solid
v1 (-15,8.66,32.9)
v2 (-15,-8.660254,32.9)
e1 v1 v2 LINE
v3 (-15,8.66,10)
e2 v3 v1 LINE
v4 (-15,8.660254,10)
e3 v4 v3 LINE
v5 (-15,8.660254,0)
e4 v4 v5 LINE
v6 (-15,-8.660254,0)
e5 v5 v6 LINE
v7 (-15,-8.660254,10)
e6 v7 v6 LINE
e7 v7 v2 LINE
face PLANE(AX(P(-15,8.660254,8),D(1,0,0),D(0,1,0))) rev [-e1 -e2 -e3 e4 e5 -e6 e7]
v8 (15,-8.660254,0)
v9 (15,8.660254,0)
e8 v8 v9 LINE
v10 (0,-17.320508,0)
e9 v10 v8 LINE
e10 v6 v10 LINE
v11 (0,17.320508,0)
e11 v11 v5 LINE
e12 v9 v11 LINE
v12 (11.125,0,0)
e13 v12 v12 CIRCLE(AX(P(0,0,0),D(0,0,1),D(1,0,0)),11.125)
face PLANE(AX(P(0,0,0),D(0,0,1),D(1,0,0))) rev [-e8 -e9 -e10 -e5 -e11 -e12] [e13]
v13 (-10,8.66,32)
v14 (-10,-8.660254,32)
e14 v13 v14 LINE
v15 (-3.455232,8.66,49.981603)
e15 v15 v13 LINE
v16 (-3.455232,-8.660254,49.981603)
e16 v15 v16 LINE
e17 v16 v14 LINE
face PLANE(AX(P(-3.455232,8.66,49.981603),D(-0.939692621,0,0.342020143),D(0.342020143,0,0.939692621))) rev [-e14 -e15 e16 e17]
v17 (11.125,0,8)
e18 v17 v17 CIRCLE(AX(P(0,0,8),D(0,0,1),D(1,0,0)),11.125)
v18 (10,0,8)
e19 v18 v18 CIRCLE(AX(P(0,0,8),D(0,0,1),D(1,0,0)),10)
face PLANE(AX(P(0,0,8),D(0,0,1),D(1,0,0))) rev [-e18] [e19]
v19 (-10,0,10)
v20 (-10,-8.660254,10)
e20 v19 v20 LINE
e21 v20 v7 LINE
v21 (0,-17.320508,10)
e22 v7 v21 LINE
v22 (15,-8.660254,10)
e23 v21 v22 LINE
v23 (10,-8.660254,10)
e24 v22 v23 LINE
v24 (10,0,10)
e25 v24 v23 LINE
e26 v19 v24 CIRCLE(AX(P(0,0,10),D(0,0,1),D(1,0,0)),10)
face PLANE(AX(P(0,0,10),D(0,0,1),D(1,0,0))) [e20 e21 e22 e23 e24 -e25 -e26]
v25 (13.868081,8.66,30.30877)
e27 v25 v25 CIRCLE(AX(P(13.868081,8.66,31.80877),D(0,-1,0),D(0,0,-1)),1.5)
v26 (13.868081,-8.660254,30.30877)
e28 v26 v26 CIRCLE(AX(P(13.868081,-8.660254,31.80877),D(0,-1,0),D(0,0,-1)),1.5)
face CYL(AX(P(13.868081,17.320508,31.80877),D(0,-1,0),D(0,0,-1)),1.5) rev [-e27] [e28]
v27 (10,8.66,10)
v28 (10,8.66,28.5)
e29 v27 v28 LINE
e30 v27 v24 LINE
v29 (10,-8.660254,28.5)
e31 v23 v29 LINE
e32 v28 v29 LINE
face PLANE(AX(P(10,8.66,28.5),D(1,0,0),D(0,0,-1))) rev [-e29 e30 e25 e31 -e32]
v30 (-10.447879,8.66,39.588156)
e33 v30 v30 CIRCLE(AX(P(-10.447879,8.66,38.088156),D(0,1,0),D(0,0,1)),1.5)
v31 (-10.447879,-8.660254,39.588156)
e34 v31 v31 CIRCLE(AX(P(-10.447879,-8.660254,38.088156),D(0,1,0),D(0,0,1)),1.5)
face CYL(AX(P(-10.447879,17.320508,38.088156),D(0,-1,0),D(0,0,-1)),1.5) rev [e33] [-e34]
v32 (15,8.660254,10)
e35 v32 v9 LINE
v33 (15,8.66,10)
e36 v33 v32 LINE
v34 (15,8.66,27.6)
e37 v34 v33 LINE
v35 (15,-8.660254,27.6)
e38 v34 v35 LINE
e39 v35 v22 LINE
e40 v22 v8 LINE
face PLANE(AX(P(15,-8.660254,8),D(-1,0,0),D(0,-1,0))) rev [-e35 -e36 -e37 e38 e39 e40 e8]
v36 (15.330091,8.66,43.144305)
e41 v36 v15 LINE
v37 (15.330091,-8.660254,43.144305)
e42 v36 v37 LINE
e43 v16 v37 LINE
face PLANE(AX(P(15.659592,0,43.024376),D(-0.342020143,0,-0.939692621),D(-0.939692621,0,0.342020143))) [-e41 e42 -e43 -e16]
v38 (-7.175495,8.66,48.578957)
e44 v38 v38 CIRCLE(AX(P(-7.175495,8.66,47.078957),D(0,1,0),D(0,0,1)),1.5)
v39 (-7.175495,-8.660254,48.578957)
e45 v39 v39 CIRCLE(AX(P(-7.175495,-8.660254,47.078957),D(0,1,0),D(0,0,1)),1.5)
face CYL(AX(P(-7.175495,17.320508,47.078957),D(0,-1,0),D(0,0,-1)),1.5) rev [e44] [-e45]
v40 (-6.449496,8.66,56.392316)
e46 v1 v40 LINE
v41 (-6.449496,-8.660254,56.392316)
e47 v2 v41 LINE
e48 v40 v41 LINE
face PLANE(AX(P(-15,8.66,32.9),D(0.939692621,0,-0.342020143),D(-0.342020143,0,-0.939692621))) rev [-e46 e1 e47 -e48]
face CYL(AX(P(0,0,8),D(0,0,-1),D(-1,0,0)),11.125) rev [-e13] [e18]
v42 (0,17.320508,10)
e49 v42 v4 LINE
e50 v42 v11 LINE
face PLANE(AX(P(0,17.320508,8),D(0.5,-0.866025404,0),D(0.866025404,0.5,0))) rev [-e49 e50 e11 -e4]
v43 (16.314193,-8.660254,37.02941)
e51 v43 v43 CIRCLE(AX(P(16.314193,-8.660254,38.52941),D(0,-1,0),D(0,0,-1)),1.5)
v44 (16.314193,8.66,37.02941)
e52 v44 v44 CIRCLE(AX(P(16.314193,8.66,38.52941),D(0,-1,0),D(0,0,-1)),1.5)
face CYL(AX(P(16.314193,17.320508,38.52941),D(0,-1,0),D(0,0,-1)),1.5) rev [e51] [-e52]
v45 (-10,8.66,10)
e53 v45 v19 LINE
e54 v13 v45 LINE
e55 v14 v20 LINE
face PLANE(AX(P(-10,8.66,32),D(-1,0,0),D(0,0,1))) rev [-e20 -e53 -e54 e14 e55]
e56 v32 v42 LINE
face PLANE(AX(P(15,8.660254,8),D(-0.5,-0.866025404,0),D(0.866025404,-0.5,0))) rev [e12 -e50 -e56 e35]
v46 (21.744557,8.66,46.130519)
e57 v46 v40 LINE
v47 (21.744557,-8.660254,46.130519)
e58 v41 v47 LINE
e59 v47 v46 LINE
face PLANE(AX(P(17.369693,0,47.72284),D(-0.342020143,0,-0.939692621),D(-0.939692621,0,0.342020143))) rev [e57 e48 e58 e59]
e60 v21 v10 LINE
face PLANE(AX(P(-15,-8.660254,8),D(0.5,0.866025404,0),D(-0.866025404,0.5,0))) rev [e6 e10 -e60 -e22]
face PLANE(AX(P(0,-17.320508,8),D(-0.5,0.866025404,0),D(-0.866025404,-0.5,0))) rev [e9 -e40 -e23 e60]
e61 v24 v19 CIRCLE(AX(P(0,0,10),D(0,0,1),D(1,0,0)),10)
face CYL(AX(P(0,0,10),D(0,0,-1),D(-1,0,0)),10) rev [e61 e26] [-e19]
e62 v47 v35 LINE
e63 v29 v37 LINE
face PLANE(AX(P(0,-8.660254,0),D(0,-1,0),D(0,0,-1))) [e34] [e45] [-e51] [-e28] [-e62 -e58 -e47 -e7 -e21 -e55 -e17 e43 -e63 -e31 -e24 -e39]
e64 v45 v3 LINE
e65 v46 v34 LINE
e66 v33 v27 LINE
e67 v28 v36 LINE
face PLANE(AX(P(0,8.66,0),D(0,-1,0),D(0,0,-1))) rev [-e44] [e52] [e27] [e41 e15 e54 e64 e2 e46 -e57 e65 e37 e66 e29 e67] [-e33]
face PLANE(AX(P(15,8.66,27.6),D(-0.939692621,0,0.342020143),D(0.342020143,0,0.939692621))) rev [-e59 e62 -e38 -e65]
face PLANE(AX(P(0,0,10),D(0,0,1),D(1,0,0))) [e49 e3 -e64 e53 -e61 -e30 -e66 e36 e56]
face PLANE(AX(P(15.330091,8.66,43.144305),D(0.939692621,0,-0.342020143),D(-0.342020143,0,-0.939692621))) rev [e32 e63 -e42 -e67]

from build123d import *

# Parameters (mm, degrees)
SKETCH1_R                = 11.125
BOSS_EXTRUDE2_DEPTH      = 8
SKETCH2_R                = 10
BOSS_EXTRUDE3_DEPTH      = 2
BOSS_EXTRUDE6_DEPTH      = 8.66
BOSS_EXTRUDE6_DEPTH_BACK = 8.660254
CUT_EXTRUDE2_DEPTH       = 62.226087838
CUT_EXTRUDE2_DEPTH_BACK  = 62.226087838
SKETCH8_R                = 1.5
SKETCH9_W                = 30.003485383
SKETCH9_H                = 17.320254038
BOSS_EXTRUDE7_DEPTH      = 5


with BuildPart() as part:
    # Sketch1 → Boss-Extrude2 (new body)
    with BuildSketch(Plane.XY):
        Polygon((0, 17.320508076), (-15, 8.660254038), (-15, -8.660254038), (0, -17.320508076), (15, -8.660254038), (15, 8.660254038), align=None)
        Circle(SKETCH1_R, mode=Mode.SUBTRACT)
    extrude(amount=BOSS_EXTRUDE2_DEPTH)

    # Sketch2 → Boss-Extrude3 (add)
    with BuildSketch(Plane.XY.offset(8)):
        Polygon((0, 17.320508076), (-15, 8.660254038), (-15, -8.660254038), (0, -17.320508076), (15, -8.660254038), (15, 8.660254038), align=None)
        Circle(SKETCH2_R, mode=Mode.SUBTRACT)
    extrude(amount=BOSS_EXTRUDE3_DEPTH)

    # Sketch6 → Boss-Extrude6 (add, two sides: drawn at the far end of the back side and taken through both)
    with BuildSketch(Plane(origin=(0, 0, 0), x_dir=(1, 0, 0), z_dir=(0, 1, 0)).offset(-BOSS_EXTRUDE6_DEPTH_BACK)):
        Polygon((15, -10), (15, -27.6), (20.034456679, -41.432056045), (15.330091147, -43.144305069), (10, -28.5), (10, -10), align=None)
        Polygon((-15, -10), (-15, -32.9), (-8.159597133, -51.693852416), (-3.455231601, -49.981603391), (-10, -32), (-10, -10), align=None)
    extrude(amount=BOSS_EXTRUDE6_DEPTH + BOSS_EXTRUDE6_DEPTH_BACK)

    # Sketch8 → Cut-Extrude2 (cut, two sides: drawn at the far end of the back side and taken through both)
    with BuildSketch(Plane.XZ.offset(8.660254038).offset(-CUT_EXTRUDE2_DEPTH_BACK)):
        with Locations(Location((-10.44787914, 38.088155725, 0), (0, 0, 90))):
            Circle(SKETCH8_R)
        with Locations(Location((-7.175494941, 47.07895742, 0), (0, 0, 90))):
            Circle(SKETCH8_R)
        with Locations(Location((16.31419334, 38.529410074, 0), (0, 0, 270))):
            Circle(SKETCH8_R)
        with Locations(Location((13.868080573, 31.808770483, 0), (0, 0, 270))):
            Circle(SKETCH8_R)
    extrude(amount=CUT_EXTRUDE2_DEPTH + CUT_EXTRUDE2_DEPTH_BACK, mode=Mode.SUBTRACT)

    # Sketch9 → Boss-Extrude7 (add)
    with BuildSketch(Plane(origin=(15.659592369, 0, 43.024376432), x_dir=(0.9396926207859078, 0, -0.3420201433256706), z_dir=(0.3420201433256706, 0, 0.9396926207859078))):
        with Locations((-10.346109336, -0.000127019)):
            Rectangle(SKETCH9_W, SKETCH9_H)
    extrude(amount=BOSS_EXTRUDE7_DEPTH)


solid = part.part
